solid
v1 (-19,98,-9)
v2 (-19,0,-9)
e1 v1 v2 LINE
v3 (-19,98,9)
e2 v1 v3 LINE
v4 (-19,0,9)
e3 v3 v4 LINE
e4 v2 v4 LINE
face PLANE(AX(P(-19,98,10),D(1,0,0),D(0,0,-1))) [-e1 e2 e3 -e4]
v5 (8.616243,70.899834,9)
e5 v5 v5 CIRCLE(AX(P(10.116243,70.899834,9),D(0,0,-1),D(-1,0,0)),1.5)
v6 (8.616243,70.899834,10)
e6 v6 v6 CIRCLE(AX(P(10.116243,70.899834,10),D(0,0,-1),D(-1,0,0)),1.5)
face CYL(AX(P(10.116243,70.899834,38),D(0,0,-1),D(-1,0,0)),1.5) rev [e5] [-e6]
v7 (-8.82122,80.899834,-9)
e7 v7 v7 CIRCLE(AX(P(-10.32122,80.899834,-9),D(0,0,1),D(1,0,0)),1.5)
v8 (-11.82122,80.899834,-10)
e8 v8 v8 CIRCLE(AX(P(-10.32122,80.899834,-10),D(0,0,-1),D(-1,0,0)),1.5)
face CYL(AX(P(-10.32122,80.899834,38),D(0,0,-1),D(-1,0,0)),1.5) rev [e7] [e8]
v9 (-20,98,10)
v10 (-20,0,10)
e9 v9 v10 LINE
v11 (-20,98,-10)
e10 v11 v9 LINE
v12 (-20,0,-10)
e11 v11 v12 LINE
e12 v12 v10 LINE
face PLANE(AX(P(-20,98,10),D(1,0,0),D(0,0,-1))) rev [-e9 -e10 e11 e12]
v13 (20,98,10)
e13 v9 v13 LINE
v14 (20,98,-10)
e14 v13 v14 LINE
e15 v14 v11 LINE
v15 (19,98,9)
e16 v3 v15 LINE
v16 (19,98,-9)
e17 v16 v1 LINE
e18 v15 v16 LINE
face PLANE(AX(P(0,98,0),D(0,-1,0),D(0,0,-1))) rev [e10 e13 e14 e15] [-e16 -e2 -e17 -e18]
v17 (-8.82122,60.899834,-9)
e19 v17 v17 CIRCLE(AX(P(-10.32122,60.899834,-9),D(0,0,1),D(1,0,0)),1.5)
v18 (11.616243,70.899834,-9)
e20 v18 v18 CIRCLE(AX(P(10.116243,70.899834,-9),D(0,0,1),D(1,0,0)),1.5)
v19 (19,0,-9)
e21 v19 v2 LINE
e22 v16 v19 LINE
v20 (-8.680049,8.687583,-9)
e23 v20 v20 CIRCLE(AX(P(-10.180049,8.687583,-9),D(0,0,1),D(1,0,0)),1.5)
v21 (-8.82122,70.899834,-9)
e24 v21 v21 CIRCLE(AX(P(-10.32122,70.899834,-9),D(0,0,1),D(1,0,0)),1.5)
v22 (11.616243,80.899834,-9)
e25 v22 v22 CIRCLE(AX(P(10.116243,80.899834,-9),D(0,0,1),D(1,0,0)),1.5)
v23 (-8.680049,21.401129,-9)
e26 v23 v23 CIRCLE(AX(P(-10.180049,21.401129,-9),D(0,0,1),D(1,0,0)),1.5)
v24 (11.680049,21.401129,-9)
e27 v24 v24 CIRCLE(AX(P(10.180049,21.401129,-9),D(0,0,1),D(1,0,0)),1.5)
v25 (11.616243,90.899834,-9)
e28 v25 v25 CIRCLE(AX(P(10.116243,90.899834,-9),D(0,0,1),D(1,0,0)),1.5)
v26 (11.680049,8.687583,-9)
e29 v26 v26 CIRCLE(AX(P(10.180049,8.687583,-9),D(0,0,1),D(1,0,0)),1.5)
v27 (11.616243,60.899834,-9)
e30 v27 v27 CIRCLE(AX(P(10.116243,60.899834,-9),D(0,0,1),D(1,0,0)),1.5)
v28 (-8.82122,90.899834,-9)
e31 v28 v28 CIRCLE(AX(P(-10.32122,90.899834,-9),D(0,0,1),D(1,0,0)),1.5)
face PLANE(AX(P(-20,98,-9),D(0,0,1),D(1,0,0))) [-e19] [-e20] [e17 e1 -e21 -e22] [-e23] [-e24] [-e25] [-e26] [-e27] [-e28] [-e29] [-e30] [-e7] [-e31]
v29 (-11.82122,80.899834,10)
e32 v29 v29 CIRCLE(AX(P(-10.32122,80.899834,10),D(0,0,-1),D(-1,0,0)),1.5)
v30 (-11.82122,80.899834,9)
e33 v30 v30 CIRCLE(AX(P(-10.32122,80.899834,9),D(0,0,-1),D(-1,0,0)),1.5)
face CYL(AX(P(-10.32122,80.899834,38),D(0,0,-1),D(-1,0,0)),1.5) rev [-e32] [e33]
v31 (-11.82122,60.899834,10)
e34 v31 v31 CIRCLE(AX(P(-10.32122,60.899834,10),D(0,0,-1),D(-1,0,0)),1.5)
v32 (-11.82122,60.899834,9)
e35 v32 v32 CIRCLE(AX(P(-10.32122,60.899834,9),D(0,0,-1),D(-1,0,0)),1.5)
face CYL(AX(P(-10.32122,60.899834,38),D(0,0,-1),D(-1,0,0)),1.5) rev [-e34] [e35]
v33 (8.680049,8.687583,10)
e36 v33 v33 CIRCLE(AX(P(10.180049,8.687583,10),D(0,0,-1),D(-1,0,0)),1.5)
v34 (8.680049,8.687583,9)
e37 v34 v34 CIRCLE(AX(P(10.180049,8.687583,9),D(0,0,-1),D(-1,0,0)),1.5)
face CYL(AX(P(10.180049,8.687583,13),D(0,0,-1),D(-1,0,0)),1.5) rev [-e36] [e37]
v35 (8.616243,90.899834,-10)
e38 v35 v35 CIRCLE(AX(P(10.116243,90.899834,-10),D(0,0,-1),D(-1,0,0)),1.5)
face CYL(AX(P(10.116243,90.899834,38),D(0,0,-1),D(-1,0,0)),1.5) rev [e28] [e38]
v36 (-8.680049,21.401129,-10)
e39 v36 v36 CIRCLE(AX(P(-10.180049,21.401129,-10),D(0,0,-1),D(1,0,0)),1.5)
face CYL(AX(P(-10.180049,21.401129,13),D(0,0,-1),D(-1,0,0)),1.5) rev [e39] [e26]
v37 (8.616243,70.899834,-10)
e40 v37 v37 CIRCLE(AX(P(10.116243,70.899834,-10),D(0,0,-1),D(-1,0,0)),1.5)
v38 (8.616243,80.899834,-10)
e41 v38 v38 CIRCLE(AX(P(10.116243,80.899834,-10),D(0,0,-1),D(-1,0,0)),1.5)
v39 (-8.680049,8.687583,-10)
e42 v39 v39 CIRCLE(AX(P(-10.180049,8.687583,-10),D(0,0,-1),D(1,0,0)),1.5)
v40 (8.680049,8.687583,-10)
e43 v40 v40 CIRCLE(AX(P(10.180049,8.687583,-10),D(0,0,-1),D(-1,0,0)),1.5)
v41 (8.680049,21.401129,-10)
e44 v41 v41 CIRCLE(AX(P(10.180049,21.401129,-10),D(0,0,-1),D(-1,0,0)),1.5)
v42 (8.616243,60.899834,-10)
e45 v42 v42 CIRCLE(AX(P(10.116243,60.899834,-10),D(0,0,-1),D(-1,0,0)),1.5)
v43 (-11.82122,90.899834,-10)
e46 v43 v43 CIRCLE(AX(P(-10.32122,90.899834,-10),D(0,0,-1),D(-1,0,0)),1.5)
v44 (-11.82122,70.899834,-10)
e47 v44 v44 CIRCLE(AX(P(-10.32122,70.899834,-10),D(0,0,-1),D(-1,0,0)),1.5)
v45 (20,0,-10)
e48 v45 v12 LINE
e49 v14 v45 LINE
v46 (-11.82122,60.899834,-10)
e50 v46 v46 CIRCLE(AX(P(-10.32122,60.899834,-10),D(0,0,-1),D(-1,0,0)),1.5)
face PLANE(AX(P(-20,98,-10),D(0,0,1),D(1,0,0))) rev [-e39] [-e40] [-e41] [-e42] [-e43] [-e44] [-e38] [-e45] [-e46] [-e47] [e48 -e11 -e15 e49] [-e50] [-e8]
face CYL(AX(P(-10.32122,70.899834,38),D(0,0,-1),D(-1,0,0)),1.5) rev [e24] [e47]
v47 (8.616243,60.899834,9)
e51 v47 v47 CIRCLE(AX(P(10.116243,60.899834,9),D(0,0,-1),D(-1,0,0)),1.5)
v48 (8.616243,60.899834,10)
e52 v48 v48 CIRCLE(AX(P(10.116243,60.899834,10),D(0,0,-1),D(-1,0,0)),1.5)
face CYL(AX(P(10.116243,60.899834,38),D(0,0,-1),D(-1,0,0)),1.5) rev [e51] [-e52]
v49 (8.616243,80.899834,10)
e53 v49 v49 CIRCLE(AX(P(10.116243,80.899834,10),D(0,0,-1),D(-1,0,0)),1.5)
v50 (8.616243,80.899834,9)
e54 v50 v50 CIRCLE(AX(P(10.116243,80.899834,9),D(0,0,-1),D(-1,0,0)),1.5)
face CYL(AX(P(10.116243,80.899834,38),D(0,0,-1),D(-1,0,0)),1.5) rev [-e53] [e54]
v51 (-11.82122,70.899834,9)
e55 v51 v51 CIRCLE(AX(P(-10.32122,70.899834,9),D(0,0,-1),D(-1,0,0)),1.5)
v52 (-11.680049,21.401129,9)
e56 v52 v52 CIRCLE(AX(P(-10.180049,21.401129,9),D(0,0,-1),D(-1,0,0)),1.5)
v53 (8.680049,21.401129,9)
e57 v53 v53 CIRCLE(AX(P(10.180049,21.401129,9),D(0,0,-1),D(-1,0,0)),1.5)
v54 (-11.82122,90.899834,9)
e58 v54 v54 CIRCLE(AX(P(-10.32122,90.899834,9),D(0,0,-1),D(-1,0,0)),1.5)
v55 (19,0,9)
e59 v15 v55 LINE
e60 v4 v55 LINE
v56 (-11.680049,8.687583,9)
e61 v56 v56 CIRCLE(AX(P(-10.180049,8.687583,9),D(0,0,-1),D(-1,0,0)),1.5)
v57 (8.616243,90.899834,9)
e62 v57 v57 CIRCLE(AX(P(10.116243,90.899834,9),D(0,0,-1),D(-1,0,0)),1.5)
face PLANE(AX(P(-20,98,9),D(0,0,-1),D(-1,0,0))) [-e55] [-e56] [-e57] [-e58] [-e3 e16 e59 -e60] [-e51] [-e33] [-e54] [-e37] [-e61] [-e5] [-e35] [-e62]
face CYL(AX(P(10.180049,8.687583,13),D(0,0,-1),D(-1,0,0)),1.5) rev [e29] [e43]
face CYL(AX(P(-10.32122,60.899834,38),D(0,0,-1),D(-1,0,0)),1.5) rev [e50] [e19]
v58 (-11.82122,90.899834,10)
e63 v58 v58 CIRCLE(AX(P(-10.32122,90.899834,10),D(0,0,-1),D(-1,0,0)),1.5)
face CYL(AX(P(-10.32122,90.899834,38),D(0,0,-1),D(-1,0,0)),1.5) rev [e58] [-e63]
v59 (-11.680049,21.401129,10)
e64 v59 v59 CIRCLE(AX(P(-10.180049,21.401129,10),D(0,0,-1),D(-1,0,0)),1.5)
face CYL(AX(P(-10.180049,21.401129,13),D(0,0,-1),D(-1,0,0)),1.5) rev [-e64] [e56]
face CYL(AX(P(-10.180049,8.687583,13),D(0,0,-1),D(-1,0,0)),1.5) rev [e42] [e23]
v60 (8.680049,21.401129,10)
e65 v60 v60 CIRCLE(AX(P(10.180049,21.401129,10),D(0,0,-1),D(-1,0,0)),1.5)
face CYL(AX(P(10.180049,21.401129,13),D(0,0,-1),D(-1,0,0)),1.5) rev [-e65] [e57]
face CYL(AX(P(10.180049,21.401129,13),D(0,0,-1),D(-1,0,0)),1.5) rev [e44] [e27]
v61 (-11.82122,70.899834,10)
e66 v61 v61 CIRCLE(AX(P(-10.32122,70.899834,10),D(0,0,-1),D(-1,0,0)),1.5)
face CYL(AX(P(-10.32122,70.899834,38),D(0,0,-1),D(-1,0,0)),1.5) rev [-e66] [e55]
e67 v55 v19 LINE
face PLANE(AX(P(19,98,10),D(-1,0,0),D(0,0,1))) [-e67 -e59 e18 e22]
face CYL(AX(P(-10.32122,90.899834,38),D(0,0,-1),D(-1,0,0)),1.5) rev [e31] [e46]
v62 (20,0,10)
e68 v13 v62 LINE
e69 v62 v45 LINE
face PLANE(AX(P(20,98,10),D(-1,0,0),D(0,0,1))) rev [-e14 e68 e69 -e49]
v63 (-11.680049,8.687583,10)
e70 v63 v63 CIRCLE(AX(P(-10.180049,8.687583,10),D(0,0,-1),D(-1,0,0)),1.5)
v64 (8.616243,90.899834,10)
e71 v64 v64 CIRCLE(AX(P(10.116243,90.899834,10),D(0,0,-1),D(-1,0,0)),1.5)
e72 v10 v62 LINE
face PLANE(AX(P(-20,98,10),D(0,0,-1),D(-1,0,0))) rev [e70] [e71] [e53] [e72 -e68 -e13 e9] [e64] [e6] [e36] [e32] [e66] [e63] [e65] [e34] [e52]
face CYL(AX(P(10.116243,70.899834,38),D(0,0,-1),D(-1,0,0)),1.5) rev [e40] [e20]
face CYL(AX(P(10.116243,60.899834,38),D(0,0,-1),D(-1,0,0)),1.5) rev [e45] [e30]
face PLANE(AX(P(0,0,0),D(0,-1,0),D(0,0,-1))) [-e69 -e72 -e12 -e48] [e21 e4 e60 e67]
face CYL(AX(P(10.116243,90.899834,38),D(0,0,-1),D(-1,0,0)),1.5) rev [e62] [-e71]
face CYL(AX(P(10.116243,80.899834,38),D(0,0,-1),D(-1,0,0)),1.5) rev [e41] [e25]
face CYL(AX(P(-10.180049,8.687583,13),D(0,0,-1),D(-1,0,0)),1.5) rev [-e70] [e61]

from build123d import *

# Parameters (mm, degrees)
SKETCH_1_W          = 40
SKETCH_1_H          = 20
EXTRUDE_1_DEPTH     = 98
SHELL_1_T           = -1
SKETCH_2_R          = 1.5
CUT_EXTRUDE_1_DEPTH = 23
SKETCH_4_R          = 1.5
CUT_EXTRUDE_2_DEPTH = 48


with BuildPart() as part:
    # Sketch 1 → Extrude 1 (new body)
    with BuildSketch(Plane(origin=(0, 0, 0), x_dir=(1, 0, 0), z_dir=(0, 1, 0))):
        Rectangle(SKETCH_1_W, SKETCH_1_H)
    extrude(amount=EXTRUDE_1_DEPTH)

    # Shell 1
    shell_1_openings = [part.faces().sort_by_distance(p)[0] for p in [
        (0, 98, 0),
        (0, 0, 0),
    ]]
    offset(amount=SHELL_1_T, openings=shell_1_openings, kind=Kind.INTERSECTION)

    # Sketch 2 → Cut-Extrude 1 (cut)
    with BuildSketch(Plane(origin=(0, 0, -10), x_dir=(-1, 0, 0), z_dir=(0, 0, -1))):
        with Locations((-10.180049386, 8.687582917)):
            Circle(SKETCH_2_R)
        with Locations((-10.180049386, 21.401128756)):
            Circle(SKETCH_2_R)
        with Locations((10.180049386, 21.401128756)):
            Circle(SKETCH_2_R)
        with Locations((10.180049386, 8.687582917)):
            Circle(SKETCH_2_R)
    extrude(amount=-CUT_EXTRUDE_1_DEPTH, mode=Mode.SUBTRACT)

    # Sketch 4 → Cut-Extrude 2 (cut)
    with BuildSketch(Plane(origin=(0, 0, -10), x_dir=(-1, 0, 0), z_dir=(0, 0, -1))):
        with Locations((10.321220159, 60.899833626)):
            Circle(SKETCH_4_R)
        with Locations((-10.116242576, 60.899833626)):
            Circle(SKETCH_4_R)
        with Locations((-10.116242576, 70.899833626)):
            Circle(SKETCH_4_R)
        with Locations((10.321220159, 70.899833626)):
            Circle(SKETCH_4_R)
        with Locations((10.321220159, 80.899833626)):
            Circle(SKETCH_4_R)
        with Locations((-10.116242576, 80.899833626)):
            Circle(SKETCH_4_R)
        with Locations((10.321220159, 90.899833626)):
            Circle(SKETCH_4_R)
        with Locations((-10.116242576, 90.899833626)):
            Circle(SKETCH_4_R)
    extrude(amount=-CUT_EXTRUDE_2_DEPTH, mode=Mode.SUBTRACT)


solid = part.part
